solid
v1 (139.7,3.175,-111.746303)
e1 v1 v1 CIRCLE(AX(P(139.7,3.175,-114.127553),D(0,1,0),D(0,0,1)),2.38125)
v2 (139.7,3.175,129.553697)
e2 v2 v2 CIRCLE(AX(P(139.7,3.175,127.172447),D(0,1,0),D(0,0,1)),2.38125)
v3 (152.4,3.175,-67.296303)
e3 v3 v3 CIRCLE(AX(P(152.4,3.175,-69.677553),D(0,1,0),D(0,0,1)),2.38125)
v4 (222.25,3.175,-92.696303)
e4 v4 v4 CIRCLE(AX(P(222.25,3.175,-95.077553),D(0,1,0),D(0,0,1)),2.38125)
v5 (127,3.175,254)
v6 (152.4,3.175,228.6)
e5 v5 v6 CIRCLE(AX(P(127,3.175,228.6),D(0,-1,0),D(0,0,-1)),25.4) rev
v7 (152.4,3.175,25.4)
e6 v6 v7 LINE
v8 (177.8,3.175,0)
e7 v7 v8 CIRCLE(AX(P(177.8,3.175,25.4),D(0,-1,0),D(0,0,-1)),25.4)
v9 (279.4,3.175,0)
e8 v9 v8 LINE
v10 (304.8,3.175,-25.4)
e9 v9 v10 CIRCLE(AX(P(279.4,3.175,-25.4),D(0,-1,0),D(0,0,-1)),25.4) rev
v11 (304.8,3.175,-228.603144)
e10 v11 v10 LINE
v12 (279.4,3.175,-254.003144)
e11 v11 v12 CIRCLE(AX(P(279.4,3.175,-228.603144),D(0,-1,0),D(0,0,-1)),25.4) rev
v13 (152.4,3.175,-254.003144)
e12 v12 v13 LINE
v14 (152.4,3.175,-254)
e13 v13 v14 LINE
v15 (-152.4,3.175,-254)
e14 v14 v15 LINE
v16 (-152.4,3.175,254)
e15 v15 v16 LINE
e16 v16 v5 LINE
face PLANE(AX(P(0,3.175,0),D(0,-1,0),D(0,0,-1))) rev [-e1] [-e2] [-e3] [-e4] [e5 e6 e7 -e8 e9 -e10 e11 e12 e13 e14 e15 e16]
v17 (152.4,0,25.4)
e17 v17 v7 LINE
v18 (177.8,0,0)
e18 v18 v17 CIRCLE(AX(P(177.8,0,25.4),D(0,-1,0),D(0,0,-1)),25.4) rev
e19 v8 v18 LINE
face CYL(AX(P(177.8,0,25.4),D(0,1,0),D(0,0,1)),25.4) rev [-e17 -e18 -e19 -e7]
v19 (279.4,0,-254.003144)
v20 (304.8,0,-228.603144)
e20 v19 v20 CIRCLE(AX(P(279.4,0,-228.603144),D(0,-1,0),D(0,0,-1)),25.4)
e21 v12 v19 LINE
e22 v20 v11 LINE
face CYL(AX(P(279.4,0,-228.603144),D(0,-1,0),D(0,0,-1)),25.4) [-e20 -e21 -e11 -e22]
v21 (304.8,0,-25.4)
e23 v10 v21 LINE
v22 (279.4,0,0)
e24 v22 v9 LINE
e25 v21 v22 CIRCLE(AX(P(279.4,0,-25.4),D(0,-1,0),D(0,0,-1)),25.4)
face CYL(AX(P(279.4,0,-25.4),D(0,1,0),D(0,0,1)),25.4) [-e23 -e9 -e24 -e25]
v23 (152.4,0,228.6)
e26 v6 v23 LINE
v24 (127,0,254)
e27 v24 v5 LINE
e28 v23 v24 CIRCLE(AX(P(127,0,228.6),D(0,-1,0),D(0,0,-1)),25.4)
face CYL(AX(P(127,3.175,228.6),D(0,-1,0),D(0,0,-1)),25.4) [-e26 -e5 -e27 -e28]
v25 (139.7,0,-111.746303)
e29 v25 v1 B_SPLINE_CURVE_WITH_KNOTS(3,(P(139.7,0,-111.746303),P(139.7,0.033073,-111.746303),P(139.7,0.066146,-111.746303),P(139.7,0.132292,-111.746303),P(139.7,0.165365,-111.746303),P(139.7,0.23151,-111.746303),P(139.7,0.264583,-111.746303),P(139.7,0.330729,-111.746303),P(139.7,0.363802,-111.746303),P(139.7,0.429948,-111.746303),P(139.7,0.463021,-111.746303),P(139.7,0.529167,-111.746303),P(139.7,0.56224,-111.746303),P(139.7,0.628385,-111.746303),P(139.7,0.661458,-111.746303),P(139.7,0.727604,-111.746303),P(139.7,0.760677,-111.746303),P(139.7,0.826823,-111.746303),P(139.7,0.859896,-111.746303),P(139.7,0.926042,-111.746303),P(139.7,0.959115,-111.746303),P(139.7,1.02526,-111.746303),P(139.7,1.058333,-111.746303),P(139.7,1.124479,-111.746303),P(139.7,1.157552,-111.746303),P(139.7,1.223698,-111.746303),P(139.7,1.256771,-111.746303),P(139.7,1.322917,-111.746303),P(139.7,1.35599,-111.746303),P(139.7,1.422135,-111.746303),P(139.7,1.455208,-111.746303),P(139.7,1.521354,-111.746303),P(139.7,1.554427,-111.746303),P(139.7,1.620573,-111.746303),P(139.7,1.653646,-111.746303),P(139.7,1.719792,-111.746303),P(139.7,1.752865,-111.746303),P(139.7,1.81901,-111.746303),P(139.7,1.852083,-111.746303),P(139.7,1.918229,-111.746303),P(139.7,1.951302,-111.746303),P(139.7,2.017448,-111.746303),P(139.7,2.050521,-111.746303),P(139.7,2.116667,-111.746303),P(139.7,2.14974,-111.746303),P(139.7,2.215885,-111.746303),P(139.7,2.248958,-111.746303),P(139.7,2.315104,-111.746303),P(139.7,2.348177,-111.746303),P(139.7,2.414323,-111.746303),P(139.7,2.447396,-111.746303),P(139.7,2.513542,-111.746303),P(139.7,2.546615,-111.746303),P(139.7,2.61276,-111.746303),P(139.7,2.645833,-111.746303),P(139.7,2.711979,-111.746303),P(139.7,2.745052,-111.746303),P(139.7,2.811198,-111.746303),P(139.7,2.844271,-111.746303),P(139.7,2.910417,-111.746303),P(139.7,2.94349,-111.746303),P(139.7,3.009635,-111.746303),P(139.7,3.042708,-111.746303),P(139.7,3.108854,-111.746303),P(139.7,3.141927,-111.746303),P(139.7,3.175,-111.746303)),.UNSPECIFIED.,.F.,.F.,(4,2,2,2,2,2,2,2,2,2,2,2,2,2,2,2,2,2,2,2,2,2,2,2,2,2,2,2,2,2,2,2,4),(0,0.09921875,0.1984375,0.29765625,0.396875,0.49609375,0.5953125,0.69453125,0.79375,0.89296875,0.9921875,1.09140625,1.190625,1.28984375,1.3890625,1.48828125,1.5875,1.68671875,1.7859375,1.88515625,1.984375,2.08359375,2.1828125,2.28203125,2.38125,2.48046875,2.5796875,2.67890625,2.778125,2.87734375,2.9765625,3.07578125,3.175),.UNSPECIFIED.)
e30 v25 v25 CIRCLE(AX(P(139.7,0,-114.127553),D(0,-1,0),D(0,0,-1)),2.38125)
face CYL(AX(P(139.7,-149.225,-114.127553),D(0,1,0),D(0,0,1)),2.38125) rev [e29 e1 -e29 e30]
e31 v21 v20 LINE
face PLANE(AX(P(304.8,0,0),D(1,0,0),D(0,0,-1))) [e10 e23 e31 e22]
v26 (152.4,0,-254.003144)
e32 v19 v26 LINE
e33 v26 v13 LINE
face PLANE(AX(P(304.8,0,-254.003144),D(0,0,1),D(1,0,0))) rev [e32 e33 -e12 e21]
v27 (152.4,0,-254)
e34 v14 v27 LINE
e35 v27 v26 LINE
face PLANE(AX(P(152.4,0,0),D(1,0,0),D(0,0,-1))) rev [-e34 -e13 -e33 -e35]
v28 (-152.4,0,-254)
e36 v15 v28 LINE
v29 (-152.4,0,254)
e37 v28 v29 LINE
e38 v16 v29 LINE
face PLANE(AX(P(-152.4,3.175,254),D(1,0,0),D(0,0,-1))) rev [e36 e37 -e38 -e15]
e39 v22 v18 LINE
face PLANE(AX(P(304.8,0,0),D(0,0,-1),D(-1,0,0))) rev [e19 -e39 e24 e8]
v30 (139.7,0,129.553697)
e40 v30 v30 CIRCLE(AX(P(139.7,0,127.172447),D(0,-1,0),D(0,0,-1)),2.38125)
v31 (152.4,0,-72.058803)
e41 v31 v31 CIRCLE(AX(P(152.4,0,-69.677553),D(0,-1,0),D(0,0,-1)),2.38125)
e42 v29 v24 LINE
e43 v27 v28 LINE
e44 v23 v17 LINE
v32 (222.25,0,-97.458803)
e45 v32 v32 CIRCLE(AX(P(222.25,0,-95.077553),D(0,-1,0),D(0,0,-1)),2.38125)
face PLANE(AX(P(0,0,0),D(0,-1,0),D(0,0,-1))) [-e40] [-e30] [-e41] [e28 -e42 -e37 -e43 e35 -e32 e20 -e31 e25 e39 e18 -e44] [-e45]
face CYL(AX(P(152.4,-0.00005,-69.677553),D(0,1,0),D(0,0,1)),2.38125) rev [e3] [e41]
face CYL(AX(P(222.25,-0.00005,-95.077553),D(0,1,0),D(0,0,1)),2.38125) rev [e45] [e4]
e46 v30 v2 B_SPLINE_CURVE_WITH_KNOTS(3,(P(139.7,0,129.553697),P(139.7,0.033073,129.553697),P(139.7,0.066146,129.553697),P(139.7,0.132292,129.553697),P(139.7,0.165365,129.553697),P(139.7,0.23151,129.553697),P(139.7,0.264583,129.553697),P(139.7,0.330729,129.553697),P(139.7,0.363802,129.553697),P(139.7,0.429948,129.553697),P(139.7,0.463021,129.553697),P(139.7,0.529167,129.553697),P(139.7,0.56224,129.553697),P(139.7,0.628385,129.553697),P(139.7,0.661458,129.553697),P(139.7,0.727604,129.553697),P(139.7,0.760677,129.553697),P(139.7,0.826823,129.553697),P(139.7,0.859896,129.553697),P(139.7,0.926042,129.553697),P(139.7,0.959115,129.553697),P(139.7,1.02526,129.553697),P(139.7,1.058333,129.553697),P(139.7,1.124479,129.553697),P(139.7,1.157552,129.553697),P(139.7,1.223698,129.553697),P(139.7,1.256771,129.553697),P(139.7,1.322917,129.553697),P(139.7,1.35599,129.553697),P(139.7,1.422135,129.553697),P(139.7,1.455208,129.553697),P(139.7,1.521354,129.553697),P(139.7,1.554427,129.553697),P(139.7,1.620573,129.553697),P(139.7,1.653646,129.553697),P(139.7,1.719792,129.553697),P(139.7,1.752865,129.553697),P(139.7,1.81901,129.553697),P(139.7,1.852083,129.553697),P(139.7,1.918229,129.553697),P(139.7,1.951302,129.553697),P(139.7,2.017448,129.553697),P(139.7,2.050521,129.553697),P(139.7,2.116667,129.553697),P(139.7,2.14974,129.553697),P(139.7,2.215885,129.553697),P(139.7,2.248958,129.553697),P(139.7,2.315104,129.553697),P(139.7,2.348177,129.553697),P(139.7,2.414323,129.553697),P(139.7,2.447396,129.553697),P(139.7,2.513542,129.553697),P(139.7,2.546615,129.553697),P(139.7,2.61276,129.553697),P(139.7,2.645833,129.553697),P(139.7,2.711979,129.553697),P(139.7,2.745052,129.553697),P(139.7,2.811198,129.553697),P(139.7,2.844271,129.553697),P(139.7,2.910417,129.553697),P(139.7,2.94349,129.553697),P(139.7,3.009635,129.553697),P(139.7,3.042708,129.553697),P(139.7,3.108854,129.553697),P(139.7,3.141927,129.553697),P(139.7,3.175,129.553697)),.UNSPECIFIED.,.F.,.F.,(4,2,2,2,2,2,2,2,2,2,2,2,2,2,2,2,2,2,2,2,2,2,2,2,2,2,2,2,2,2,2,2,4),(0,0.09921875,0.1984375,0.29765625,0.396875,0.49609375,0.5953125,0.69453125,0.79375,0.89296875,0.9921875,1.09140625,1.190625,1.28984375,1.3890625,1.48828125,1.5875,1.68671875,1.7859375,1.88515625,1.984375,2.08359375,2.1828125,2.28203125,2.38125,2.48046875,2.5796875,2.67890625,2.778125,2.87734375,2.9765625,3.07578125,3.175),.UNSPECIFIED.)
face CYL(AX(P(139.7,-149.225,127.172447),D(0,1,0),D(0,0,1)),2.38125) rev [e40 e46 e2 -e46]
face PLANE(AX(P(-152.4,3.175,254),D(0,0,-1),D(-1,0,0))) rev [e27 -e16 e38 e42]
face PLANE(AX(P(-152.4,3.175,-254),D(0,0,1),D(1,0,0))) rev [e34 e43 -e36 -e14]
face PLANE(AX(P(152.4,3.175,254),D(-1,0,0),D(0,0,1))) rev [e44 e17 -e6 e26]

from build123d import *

# Parameters (mm, degrees)
SKETCH1_W           = 304.8
SKETCH1_H           = 508
BOSS_EXTRUDE1_DEPTH = 3.175
SKETCH4_W           = 254.003143871
SKETCH4_H           = 3.175
BOSS_EXTRUDE2_DEPTH = 152.4
FILLET1_R           = 25.4
FILLET2_R           = 25.4
SKETCH2_R           = 2.38125
CUT_EXTRUDE3_DEPTH  = 152.4
FILLET3_R           = 25.4
SKETCH5_R           = 2.38125
CUT_EXTRUDE4_DEPTH  = 397.775399592


with BuildPart() as part:
    # Sketch1 → Boss-Extrude1 (new body)
    with BuildSketch(Plane(origin=(0, 0, 0), x_dir=(1, 0, 0), z_dir=(0, 1, 0))):
        Rectangle(SKETCH1_W, SKETCH1_H)
    extrude(amount=BOSS_EXTRUDE1_DEPTH)

    # Sketch4 → Boss-Extrude2 (add)
    with BuildSketch(Plane(origin=(152.4, 0, 0), x_dir=(0, 0, -1), z_dir=(1, 0, 0))):
        with Locations((127.001571936, 1.5875)):
            Rectangle(SKETCH4_W, SKETCH4_H)
    extrude(amount=BOSS_EXTRUDE2_DEPTH)

    # Fillet1
    fillet1_edges = [part.edges().sort_by_distance(p)[0] for p in [
        (152.4, 1.5875, 0),
    ]]
    fillet(fillet1_edges, radius=FILLET1_R)

    # Fillet2
    fillet2_edges = [part.edges().sort_by_distance(p)[0] for p in [
        (304.8, 1.5875, -254.003143871),
        (304.8, 1.5875, 0),
    ]]
    fillet(fillet2_edges, radius=FILLET2_R)

    # Sketch2 → Cut-Extrude3 (cut)
    with BuildSketch(Plane(origin=(0, 3.175, 0), x_dir=(1, 0, 0), z_dir=(0, 1, 0))):
        with Locations(Location((139.7, -127.172447344, 0), (0, 0, 270))):
            Circle(SKETCH2_R)
        with Locations(Location((139.7, 114.127552656, 0), (0, 0, 270))):
            Circle(SKETCH2_R)
    extrude(amount=-CUT_EXTRUDE3_DEPTH, mode=Mode.SUBTRACT)

    # Fillet3
    fillet3_edges = [part.edges().sort_by_distance(p)[0] for p in [
        (152.4, 1.5875, 254),
    ]]
    fillet(fillet3_edges, radius=FILLET3_R)

    # Sketch5 → Cut-Extrude4 (cut, through all)
    with BuildSketch(Plane(origin=(0, 3.175, 0), x_dir=(1, 0, 0), z_dir=(0, 1, 0))):
        with Locations(Location((152.4, 69.677552656, 0), (0, 0, 270))):
            Circle(SKETCH5_R)
        with Locations(Location((222.25, 95.077552656, 0), (0, 0, 270))):
            Circle(SKETCH5_R)
        with Locations(Location((139.7, 114.127552656, 0), (0, 0, 270))):
            Circle(SKETCH5_R)
    extrude(amount=-CUT_EXTRUDE4_DEPTH, mode=Mode.SUBTRACT)


solid = part.part
